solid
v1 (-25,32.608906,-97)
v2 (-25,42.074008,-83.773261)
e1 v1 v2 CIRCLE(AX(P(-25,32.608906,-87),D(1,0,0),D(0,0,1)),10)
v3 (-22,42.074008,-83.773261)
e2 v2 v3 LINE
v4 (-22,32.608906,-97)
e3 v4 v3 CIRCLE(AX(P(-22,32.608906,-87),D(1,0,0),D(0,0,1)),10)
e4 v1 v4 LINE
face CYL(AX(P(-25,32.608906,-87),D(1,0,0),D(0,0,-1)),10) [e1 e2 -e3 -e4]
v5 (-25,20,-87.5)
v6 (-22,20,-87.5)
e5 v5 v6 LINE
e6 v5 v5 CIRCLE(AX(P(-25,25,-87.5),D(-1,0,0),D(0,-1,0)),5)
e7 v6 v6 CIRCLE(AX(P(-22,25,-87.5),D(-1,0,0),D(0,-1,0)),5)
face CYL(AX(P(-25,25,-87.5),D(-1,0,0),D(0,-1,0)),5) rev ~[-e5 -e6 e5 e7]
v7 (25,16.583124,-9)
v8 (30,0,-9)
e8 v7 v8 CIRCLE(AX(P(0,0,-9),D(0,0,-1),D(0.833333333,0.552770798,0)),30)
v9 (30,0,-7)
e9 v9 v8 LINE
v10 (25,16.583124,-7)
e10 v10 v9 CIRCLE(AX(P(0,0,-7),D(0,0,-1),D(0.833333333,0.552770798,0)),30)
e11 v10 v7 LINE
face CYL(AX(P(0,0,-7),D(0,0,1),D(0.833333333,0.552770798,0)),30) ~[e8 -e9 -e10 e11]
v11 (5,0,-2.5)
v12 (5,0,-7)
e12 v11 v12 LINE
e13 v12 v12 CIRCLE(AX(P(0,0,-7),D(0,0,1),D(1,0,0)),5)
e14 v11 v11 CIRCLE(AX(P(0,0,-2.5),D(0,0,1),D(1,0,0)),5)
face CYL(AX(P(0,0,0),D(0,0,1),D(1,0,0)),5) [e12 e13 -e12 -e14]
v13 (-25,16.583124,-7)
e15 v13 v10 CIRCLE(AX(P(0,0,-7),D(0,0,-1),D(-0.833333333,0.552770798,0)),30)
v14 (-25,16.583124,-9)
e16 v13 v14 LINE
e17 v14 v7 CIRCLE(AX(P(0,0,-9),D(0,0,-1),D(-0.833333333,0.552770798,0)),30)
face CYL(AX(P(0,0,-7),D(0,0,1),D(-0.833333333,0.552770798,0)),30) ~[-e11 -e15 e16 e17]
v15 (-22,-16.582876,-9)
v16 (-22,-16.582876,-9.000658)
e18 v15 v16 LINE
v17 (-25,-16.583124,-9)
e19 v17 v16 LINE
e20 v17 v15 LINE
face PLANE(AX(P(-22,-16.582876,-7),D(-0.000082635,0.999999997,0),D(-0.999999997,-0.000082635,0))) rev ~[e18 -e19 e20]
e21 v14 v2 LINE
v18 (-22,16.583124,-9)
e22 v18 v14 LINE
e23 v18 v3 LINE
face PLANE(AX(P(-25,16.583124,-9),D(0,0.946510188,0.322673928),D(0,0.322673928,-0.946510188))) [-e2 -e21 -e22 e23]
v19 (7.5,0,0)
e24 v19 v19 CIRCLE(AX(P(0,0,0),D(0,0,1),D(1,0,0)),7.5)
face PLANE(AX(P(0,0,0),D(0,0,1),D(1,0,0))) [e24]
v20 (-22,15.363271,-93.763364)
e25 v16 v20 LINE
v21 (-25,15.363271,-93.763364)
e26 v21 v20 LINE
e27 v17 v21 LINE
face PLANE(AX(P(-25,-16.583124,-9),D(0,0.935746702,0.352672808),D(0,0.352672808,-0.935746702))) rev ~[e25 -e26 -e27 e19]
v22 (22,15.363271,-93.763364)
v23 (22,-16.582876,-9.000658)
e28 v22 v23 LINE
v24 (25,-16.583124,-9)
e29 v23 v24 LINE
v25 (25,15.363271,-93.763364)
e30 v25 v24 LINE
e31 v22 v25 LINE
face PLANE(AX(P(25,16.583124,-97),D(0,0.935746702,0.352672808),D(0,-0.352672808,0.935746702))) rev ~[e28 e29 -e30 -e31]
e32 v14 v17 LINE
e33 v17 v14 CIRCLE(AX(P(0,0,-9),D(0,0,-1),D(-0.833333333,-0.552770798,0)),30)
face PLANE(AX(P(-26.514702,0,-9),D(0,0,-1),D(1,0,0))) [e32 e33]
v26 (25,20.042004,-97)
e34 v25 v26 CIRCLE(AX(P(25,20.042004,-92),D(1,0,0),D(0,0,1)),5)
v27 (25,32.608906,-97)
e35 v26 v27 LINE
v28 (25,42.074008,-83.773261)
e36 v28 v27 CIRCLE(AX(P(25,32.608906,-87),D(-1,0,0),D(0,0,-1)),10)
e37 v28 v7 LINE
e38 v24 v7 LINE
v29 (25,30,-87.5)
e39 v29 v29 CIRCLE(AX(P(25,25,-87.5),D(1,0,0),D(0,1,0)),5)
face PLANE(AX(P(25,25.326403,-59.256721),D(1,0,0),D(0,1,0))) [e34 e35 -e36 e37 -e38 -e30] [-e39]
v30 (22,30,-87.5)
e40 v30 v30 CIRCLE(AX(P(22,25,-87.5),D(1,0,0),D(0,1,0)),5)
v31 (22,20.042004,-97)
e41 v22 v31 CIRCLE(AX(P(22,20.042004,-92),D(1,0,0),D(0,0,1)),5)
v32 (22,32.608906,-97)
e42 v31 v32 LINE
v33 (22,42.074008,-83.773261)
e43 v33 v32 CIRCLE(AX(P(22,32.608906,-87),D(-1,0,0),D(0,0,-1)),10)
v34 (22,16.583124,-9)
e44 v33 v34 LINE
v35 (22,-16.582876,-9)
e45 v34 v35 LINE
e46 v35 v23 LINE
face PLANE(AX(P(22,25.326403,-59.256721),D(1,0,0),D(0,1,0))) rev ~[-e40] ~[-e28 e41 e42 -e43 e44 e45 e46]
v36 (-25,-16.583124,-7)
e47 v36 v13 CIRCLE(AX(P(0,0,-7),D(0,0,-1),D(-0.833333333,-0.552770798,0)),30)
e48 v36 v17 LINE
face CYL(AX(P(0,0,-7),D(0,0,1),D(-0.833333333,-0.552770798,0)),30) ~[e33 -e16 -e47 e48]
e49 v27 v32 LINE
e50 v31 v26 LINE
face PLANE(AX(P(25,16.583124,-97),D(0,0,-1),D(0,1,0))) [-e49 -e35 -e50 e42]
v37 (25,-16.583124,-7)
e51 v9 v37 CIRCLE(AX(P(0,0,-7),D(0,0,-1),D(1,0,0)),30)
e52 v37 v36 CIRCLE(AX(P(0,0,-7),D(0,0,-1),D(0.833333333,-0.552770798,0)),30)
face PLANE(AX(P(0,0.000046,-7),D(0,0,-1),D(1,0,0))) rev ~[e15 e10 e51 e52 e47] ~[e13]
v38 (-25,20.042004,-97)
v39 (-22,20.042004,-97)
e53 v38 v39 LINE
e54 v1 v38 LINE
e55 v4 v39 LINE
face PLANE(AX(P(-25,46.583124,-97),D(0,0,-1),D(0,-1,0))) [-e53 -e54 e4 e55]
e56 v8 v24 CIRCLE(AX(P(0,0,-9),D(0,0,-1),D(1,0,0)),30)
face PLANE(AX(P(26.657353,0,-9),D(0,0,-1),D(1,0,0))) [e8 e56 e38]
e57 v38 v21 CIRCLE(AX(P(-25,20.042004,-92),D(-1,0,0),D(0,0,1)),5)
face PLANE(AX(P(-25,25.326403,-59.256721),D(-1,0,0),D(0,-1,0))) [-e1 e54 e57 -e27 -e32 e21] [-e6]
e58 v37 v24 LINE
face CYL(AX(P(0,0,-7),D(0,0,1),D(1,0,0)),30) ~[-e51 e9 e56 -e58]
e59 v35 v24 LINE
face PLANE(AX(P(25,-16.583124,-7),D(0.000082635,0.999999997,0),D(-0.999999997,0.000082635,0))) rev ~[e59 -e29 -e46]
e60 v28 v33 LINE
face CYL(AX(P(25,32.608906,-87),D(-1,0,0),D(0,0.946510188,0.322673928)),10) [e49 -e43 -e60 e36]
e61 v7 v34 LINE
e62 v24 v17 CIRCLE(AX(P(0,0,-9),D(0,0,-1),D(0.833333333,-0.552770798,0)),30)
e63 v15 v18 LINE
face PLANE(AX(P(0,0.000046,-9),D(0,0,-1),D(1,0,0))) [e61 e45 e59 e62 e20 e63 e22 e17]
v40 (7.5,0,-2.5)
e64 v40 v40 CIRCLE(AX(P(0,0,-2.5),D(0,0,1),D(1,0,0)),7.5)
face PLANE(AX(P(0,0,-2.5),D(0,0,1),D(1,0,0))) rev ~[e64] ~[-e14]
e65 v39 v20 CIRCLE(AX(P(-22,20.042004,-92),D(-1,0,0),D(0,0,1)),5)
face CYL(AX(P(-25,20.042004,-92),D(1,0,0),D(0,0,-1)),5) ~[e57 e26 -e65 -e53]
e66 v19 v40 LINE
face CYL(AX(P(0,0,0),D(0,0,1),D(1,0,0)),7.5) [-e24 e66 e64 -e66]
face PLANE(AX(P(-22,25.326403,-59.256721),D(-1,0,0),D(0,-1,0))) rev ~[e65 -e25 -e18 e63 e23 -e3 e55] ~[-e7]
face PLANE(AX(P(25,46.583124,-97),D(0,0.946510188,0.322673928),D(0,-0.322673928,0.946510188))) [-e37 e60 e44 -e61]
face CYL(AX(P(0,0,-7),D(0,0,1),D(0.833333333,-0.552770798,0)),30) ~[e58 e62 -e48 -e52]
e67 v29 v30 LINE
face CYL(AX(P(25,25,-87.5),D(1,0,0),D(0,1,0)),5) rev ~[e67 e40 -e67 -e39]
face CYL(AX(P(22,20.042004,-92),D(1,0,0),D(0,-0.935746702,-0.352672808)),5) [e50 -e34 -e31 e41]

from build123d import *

# Parameters (mm, degrees)
F0_R      = 7.5
F0_R_2    = 5
F1_DEPTH  = 2.5
F2_DEPTH  = 7
F3_R      = 5
F4_DEPTH  = 2
F5_DEPTH  = 90
F7_DEPTH  = 3
F6_R      = 5
F8_DEPTH  = 3
F10_DEPTH = 3
F9_R      = 5
F11_DEPTH = 3
F12_R     = 10
F13_R     = 5
F14_R     = 5


with BuildPart() as f1:
    # F0 (on Top) → F1 (new body)
    with BuildSketch(Plane.XY):
        Circle(F0_R)
        Circle(F0_R_2, mode=Mode.SUBTRACT)
    extrude(amount=-F1_DEPTH)

    # F0 (on Top) → F2 (join)
    with BuildSketch(Plane.XY):
        Circle(F0_R_2)
    extrude(amount=-F2_DEPTH)

    # F3 (on face) → F4 (join)
    with BuildSketch(Plane(origin=(0, 0, -7), x_dir=(1, 0, 0), z_dir=(0, 0, -1))):
        with BuildLine():
            Line((22, 16.5828760482), (25, 16.5831239518))
            ThreePointArc((25, 16.5831239518), (0, 30), (-25, 16.5831239518))
            Line((-25, 16.5831239518), (-22, 16.5828760482))
            Line((-22, 16.5828760482), (-22, 0))
            Line((-22, 0), (-22, -16.5831239518))
            Line((-22, -16.5831239518), (-25, -16.5831239518))
            ThreePointArc((-25, -16.5831239518), (0, -30), (25, -16.5831239518))
            Line((25, -16.5831239518), (22, -16.5831239518))
            Line((22, -16.5831239518), (22, 0))
            Line((22, 0), (22, 16.5828760482))
        make_face()
        Circle(F3_R, mode=Mode.SUBTRACT)
        Circle(F3_R)
    extrude(amount=F4_DEPTH)

    # F3 (on face) → F4, piece 2 (join)
    with BuildSketch(Plane(origin=(0, 0, -7), x_dir=(1, 0, 0), z_dir=(0, 0, -1))):
        with BuildLine():
            Line((-25, 0), (-25, 16.5831239518))
            ThreePointArc((-25, 16.5831239518), (-30, 0), (-25, -16.5831239518))
            Line((-25, -16.5831239518), (-25, 0))
        make_face()
    extrude(amount=F4_DEPTH)

    # F3 (on face) → F4, piece 3 (join)
    with BuildSketch(Plane(origin=(0, 0, -7), x_dir=(1, 0, 0), z_dir=(0, 0, -1))):
        with BuildLine():
            ThreePointArc((25, -16.5831239518), (28.7228132327, -8.6602540378), (30, 0))
            ThreePointArc((30, 0), (28.7228132327, 8.6602540378), (25, 16.5831239518))
            Line((25, 16.5831239518), (25, 0))
            Line((25, 0), (25, -16.5831239518))
        make_face()
    extrude(amount=F4_DEPTH)

    # F3 (on face) → F5 (join)
    with BuildSketch(Plane(origin=(0, 0, -7), x_dir=(1, 0, 0), z_dir=(0, 0, -1))):
        Polygon((-22, 16.5828760482), (-25, 16.5831239518), (-25, 0), (-25, -16.5831239518), (-22, -16.5831239518), (-22, 0), align=None)
        Polygon((25, 0), (25, 16.5831239518), (22, 16.5828760482), (22, 0), (22, -16.5831239518), (25, -16.5831239518), align=None)
    extrude(amount=F5_DEPTH)

    # F6 (on face) → F7 (cut)
    with BuildSketch(Plane.YZ.offset(25)):
        Polygon((16.5831239518, -97), (-16.5831239518, -9), (-16.5831239518, -97), align=None)
    extrude(amount=-F7_DEPTH, mode=Mode.SUBTRACT)

    # F6 (on face) → F8 (join)
    with BuildSketch(Plane.YZ.offset(25)):
        Polygon((16.5831239518, -9), (16.5831239518, -97), (46.5831239518, -97), align=None)
        with Locations((25, -87.5)):
            Circle(F6_R, mode=Mode.SUBTRACT)
    extrude(amount=-F8_DEPTH)

    # F9 (on face) → F10 (cut)
    with BuildSketch(Plane(origin=(-25, 0, 0), x_dir=(0, -1, 0), z_dir=(-1, 0, 0))):
        Polygon((16.5831239518, -97), (16.5831239518, -9), (-16.5831239518, -97), align=None)
    extrude(amount=-F10_DEPTH, mode=Mode.SUBTRACT)

    # F9 (on face) → F11 (join)
    with BuildSketch(Plane(origin=(-25, 0, 0), x_dir=(0, -1, 0), z_dir=(-1, 0, 0))):
        Polygon((-46.5831239518, -97), (-16.5831239518, -97), (-16.5831239518, -9), align=None)
        with Locations((-25, -87.5)):
            Circle(F9_R, mode=Mode.SUBTRACT)
    extrude(amount=-F11_DEPTH)

    # F12
    f12_edges = [f1.edges().sort_by_distance(p)[0] for p in [
        (-23.5, 46.583124, -97),
        (23.5, 46.583124, -97),
    ]]
    fillet(f12_edges, radius=F12_R)

    # F13
    f13_edges = [f1.edges().sort_by_distance(p)[0] for p in [
        (-23.5, 16.583124, -97),
    ]]
    fillet(f13_edges, radius=F13_R)

    # F14
    f14_edges = [f1.edges().sort_by_distance(p)[0] for p in [
        (23.5, 16.583124, -97),
    ]]
    fillet(f14_edges, radius=F14_R)


solid = f1.part
